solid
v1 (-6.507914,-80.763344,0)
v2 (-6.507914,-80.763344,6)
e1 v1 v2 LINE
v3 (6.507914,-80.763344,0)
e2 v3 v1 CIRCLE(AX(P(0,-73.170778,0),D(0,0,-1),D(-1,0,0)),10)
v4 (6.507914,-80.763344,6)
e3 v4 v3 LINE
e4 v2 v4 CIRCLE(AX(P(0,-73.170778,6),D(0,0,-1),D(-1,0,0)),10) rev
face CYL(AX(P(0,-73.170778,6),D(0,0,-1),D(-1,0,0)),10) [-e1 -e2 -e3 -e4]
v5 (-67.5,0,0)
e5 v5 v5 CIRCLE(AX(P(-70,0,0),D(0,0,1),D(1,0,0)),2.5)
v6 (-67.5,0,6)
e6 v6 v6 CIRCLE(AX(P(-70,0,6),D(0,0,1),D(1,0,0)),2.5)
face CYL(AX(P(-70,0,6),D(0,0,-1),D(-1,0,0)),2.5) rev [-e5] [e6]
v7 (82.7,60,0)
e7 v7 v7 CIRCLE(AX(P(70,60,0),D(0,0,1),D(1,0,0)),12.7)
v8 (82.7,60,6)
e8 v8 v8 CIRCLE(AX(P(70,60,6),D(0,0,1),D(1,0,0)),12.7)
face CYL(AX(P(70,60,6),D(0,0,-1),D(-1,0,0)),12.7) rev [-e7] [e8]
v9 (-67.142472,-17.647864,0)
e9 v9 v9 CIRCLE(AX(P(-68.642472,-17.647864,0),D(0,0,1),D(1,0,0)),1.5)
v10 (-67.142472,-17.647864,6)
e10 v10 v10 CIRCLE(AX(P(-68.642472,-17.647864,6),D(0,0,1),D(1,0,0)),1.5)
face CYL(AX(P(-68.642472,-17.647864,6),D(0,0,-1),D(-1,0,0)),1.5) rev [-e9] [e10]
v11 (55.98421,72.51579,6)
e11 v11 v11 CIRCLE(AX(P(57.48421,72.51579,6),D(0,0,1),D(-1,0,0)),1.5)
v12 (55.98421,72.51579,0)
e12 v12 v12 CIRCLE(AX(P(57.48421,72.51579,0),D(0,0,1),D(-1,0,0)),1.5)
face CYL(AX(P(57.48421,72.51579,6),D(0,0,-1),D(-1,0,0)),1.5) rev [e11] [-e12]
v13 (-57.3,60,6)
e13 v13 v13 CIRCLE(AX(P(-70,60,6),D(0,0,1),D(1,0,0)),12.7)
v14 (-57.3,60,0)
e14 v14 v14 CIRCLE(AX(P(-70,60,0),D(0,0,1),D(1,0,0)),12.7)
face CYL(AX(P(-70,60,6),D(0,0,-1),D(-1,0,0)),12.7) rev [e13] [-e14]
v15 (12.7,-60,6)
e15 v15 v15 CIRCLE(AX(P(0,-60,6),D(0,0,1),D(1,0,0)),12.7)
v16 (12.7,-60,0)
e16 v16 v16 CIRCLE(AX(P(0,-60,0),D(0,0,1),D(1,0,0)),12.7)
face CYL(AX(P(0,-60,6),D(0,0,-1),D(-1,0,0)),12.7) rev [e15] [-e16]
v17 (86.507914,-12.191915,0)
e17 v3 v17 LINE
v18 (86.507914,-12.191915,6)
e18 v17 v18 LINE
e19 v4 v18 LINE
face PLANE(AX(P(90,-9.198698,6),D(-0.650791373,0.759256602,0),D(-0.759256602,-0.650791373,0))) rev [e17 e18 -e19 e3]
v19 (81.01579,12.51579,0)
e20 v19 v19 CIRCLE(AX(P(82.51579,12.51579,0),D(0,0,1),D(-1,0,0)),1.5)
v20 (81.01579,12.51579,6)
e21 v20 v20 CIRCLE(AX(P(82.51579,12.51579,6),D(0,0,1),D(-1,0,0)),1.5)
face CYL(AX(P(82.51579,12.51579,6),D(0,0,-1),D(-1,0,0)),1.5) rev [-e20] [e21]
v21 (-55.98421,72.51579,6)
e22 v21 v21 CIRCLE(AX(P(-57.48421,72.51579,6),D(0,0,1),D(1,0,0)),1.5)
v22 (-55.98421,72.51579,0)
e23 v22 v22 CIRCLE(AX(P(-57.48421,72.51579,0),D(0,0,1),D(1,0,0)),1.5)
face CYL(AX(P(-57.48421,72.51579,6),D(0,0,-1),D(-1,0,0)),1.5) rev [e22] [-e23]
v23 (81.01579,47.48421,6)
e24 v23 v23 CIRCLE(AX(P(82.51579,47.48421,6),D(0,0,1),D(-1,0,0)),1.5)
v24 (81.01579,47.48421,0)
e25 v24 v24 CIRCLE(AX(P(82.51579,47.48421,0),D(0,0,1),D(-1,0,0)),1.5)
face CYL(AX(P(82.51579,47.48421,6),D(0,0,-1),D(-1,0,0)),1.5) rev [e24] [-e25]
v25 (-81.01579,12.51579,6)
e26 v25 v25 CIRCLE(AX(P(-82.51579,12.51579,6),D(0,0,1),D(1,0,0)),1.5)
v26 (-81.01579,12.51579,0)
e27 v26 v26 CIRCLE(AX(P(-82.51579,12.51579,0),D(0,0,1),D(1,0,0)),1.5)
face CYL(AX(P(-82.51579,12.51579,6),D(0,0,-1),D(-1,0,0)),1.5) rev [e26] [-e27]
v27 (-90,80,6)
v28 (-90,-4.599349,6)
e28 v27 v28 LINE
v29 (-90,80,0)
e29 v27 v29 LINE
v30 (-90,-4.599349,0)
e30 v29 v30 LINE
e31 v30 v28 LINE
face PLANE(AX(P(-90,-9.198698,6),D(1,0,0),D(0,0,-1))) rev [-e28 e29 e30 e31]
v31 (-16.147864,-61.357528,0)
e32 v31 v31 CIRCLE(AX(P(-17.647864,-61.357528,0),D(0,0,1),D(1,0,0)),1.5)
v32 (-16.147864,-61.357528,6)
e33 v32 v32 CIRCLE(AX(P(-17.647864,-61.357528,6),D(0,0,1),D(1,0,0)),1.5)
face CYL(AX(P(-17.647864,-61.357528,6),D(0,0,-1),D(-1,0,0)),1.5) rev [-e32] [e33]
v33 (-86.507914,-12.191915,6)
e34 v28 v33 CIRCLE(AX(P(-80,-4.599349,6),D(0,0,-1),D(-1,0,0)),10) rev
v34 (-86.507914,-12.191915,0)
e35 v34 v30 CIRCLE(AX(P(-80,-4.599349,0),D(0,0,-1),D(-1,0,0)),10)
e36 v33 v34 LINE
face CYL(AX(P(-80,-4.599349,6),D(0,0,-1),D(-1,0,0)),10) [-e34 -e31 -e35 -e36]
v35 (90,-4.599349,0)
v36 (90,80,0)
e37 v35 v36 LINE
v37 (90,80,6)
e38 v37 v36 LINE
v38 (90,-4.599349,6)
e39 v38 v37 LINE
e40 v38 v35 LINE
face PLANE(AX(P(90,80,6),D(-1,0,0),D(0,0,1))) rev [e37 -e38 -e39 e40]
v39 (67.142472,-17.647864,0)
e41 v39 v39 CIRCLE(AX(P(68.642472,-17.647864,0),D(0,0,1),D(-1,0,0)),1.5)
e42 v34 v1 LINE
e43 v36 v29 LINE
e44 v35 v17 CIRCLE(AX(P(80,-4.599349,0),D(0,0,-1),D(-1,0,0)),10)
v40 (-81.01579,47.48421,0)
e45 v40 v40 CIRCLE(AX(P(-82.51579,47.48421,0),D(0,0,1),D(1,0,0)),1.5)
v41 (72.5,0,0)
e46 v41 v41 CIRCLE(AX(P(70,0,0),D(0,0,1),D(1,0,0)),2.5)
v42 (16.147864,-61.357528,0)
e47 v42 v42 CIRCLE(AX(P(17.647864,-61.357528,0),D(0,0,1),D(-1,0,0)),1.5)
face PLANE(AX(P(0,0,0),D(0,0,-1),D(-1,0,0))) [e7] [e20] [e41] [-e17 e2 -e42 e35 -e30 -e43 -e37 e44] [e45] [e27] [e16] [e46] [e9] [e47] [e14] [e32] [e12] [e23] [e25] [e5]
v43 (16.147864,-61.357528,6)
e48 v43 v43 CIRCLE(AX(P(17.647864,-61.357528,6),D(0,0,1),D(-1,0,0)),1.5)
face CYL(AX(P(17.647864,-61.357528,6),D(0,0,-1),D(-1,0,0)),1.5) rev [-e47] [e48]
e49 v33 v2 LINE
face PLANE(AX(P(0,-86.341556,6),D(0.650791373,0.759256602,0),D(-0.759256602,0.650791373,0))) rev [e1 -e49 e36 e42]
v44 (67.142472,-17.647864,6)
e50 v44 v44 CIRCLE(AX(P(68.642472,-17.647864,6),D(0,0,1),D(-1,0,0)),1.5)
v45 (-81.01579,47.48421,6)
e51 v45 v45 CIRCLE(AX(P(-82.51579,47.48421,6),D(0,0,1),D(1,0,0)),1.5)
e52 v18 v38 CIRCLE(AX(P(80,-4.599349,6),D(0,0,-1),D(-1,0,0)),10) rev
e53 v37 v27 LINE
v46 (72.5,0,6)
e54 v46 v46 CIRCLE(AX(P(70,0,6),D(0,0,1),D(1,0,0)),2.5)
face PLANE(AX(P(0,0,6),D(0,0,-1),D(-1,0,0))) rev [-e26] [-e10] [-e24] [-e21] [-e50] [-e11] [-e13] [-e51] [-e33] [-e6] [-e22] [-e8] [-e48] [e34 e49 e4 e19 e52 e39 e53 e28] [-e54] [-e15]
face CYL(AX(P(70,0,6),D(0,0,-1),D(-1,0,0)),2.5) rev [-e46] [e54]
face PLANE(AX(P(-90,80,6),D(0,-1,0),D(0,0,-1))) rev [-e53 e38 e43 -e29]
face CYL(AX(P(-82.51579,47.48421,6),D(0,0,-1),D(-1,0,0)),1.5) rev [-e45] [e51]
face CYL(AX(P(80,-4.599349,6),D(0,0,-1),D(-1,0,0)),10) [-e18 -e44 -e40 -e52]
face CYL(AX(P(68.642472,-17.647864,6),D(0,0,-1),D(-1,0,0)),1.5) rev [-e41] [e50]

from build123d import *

# Parameters (mm, degrees)
SKETCH1_R           = 12.7
SKETCH1_R_2         = 2.5
SKETCH1_R_3         = 1.5
BOSS_EXTRUDE1_DEPTH = 6
FILLET1_R           = 10


with BuildPart() as part:
    # Sketch1 → Boss-Extrude1 (new body)
    with BuildSketch(Plane.XY):
        Polygon((-90, 80), (90, 80), (90, -9.198698449), (0, -86.341555592), (-90, -9.198698449), align=None)
        with Locations((-70, 60)):
            Circle(SKETCH1_R, mode=Mode.SUBTRACT)
        with Locations((70, 60)):
            Circle(SKETCH1_R, mode=Mode.SUBTRACT)
        with Locations((-70, 0)):
            Circle(SKETCH1_R_2, mode=Mode.SUBTRACT)
        with Locations((70, 0)):
            Circle(SKETCH1_R_2, mode=Mode.SUBTRACT)
        with Locations((0, -60)):
            Circle(SKETCH1_R, mode=Mode.SUBTRACT)
        with Locations((-82.515790027, 47.484209973)):
            Circle(SKETCH1_R_3, mode=Mode.SUBTRACT)
        with Locations((-57.484209973, 72.515790027)):
            Circle(SKETCH1_R_3, mode=Mode.SUBTRACT)
        with Locations((-82.515790027, 12.515790027)):
            Circle(SKETCH1_R_3, mode=Mode.SUBTRACT)
        with Locations((-68.64247197, -17.647864393)):
            Circle(SKETCH1_R_3, mode=Mode.SUBTRACT)
        with Locations((-17.647864393, -61.35752803)):
            Circle(SKETCH1_R_3, mode=Mode.SUBTRACT)
        with Locations(Location((17.647864393, -61.35752803, 0), (0, 0, 180))):
            Circle(SKETCH1_R_3, mode=Mode.SUBTRACT)
        with Locations(Location((68.64247197, -17.647864393, 0), (0, 0, 180))):
            Circle(SKETCH1_R_3, mode=Mode.SUBTRACT)
        with Locations(Location((82.515790027, 12.515790027, 0), (0, 0, 180))):
            Circle(SKETCH1_R_3, mode=Mode.SUBTRACT)
        with Locations(Location((82.515790027, 47.484209973, 0), (0, 0, 180))):
            Circle(SKETCH1_R_3, mode=Mode.SUBTRACT)
        with Locations(Location((57.484209973, 72.515790027, 0), (0, 0, 180))):
            Circle(SKETCH1_R_3, mode=Mode.SUBTRACT)
    extrude(amount=BOSS_EXTRUDE1_DEPTH)

    # Fillet1
    fillet1_edges = [part.edges().sort_by_distance(p)[0] for p in [
        (90, -9.198698449, 3),
        (0, -86.341555592, 3),
        (-90, -9.198698449, 3),
    ]]
    fillet(fillet1_edges, radius=FILLET1_R)


solid = part.part
